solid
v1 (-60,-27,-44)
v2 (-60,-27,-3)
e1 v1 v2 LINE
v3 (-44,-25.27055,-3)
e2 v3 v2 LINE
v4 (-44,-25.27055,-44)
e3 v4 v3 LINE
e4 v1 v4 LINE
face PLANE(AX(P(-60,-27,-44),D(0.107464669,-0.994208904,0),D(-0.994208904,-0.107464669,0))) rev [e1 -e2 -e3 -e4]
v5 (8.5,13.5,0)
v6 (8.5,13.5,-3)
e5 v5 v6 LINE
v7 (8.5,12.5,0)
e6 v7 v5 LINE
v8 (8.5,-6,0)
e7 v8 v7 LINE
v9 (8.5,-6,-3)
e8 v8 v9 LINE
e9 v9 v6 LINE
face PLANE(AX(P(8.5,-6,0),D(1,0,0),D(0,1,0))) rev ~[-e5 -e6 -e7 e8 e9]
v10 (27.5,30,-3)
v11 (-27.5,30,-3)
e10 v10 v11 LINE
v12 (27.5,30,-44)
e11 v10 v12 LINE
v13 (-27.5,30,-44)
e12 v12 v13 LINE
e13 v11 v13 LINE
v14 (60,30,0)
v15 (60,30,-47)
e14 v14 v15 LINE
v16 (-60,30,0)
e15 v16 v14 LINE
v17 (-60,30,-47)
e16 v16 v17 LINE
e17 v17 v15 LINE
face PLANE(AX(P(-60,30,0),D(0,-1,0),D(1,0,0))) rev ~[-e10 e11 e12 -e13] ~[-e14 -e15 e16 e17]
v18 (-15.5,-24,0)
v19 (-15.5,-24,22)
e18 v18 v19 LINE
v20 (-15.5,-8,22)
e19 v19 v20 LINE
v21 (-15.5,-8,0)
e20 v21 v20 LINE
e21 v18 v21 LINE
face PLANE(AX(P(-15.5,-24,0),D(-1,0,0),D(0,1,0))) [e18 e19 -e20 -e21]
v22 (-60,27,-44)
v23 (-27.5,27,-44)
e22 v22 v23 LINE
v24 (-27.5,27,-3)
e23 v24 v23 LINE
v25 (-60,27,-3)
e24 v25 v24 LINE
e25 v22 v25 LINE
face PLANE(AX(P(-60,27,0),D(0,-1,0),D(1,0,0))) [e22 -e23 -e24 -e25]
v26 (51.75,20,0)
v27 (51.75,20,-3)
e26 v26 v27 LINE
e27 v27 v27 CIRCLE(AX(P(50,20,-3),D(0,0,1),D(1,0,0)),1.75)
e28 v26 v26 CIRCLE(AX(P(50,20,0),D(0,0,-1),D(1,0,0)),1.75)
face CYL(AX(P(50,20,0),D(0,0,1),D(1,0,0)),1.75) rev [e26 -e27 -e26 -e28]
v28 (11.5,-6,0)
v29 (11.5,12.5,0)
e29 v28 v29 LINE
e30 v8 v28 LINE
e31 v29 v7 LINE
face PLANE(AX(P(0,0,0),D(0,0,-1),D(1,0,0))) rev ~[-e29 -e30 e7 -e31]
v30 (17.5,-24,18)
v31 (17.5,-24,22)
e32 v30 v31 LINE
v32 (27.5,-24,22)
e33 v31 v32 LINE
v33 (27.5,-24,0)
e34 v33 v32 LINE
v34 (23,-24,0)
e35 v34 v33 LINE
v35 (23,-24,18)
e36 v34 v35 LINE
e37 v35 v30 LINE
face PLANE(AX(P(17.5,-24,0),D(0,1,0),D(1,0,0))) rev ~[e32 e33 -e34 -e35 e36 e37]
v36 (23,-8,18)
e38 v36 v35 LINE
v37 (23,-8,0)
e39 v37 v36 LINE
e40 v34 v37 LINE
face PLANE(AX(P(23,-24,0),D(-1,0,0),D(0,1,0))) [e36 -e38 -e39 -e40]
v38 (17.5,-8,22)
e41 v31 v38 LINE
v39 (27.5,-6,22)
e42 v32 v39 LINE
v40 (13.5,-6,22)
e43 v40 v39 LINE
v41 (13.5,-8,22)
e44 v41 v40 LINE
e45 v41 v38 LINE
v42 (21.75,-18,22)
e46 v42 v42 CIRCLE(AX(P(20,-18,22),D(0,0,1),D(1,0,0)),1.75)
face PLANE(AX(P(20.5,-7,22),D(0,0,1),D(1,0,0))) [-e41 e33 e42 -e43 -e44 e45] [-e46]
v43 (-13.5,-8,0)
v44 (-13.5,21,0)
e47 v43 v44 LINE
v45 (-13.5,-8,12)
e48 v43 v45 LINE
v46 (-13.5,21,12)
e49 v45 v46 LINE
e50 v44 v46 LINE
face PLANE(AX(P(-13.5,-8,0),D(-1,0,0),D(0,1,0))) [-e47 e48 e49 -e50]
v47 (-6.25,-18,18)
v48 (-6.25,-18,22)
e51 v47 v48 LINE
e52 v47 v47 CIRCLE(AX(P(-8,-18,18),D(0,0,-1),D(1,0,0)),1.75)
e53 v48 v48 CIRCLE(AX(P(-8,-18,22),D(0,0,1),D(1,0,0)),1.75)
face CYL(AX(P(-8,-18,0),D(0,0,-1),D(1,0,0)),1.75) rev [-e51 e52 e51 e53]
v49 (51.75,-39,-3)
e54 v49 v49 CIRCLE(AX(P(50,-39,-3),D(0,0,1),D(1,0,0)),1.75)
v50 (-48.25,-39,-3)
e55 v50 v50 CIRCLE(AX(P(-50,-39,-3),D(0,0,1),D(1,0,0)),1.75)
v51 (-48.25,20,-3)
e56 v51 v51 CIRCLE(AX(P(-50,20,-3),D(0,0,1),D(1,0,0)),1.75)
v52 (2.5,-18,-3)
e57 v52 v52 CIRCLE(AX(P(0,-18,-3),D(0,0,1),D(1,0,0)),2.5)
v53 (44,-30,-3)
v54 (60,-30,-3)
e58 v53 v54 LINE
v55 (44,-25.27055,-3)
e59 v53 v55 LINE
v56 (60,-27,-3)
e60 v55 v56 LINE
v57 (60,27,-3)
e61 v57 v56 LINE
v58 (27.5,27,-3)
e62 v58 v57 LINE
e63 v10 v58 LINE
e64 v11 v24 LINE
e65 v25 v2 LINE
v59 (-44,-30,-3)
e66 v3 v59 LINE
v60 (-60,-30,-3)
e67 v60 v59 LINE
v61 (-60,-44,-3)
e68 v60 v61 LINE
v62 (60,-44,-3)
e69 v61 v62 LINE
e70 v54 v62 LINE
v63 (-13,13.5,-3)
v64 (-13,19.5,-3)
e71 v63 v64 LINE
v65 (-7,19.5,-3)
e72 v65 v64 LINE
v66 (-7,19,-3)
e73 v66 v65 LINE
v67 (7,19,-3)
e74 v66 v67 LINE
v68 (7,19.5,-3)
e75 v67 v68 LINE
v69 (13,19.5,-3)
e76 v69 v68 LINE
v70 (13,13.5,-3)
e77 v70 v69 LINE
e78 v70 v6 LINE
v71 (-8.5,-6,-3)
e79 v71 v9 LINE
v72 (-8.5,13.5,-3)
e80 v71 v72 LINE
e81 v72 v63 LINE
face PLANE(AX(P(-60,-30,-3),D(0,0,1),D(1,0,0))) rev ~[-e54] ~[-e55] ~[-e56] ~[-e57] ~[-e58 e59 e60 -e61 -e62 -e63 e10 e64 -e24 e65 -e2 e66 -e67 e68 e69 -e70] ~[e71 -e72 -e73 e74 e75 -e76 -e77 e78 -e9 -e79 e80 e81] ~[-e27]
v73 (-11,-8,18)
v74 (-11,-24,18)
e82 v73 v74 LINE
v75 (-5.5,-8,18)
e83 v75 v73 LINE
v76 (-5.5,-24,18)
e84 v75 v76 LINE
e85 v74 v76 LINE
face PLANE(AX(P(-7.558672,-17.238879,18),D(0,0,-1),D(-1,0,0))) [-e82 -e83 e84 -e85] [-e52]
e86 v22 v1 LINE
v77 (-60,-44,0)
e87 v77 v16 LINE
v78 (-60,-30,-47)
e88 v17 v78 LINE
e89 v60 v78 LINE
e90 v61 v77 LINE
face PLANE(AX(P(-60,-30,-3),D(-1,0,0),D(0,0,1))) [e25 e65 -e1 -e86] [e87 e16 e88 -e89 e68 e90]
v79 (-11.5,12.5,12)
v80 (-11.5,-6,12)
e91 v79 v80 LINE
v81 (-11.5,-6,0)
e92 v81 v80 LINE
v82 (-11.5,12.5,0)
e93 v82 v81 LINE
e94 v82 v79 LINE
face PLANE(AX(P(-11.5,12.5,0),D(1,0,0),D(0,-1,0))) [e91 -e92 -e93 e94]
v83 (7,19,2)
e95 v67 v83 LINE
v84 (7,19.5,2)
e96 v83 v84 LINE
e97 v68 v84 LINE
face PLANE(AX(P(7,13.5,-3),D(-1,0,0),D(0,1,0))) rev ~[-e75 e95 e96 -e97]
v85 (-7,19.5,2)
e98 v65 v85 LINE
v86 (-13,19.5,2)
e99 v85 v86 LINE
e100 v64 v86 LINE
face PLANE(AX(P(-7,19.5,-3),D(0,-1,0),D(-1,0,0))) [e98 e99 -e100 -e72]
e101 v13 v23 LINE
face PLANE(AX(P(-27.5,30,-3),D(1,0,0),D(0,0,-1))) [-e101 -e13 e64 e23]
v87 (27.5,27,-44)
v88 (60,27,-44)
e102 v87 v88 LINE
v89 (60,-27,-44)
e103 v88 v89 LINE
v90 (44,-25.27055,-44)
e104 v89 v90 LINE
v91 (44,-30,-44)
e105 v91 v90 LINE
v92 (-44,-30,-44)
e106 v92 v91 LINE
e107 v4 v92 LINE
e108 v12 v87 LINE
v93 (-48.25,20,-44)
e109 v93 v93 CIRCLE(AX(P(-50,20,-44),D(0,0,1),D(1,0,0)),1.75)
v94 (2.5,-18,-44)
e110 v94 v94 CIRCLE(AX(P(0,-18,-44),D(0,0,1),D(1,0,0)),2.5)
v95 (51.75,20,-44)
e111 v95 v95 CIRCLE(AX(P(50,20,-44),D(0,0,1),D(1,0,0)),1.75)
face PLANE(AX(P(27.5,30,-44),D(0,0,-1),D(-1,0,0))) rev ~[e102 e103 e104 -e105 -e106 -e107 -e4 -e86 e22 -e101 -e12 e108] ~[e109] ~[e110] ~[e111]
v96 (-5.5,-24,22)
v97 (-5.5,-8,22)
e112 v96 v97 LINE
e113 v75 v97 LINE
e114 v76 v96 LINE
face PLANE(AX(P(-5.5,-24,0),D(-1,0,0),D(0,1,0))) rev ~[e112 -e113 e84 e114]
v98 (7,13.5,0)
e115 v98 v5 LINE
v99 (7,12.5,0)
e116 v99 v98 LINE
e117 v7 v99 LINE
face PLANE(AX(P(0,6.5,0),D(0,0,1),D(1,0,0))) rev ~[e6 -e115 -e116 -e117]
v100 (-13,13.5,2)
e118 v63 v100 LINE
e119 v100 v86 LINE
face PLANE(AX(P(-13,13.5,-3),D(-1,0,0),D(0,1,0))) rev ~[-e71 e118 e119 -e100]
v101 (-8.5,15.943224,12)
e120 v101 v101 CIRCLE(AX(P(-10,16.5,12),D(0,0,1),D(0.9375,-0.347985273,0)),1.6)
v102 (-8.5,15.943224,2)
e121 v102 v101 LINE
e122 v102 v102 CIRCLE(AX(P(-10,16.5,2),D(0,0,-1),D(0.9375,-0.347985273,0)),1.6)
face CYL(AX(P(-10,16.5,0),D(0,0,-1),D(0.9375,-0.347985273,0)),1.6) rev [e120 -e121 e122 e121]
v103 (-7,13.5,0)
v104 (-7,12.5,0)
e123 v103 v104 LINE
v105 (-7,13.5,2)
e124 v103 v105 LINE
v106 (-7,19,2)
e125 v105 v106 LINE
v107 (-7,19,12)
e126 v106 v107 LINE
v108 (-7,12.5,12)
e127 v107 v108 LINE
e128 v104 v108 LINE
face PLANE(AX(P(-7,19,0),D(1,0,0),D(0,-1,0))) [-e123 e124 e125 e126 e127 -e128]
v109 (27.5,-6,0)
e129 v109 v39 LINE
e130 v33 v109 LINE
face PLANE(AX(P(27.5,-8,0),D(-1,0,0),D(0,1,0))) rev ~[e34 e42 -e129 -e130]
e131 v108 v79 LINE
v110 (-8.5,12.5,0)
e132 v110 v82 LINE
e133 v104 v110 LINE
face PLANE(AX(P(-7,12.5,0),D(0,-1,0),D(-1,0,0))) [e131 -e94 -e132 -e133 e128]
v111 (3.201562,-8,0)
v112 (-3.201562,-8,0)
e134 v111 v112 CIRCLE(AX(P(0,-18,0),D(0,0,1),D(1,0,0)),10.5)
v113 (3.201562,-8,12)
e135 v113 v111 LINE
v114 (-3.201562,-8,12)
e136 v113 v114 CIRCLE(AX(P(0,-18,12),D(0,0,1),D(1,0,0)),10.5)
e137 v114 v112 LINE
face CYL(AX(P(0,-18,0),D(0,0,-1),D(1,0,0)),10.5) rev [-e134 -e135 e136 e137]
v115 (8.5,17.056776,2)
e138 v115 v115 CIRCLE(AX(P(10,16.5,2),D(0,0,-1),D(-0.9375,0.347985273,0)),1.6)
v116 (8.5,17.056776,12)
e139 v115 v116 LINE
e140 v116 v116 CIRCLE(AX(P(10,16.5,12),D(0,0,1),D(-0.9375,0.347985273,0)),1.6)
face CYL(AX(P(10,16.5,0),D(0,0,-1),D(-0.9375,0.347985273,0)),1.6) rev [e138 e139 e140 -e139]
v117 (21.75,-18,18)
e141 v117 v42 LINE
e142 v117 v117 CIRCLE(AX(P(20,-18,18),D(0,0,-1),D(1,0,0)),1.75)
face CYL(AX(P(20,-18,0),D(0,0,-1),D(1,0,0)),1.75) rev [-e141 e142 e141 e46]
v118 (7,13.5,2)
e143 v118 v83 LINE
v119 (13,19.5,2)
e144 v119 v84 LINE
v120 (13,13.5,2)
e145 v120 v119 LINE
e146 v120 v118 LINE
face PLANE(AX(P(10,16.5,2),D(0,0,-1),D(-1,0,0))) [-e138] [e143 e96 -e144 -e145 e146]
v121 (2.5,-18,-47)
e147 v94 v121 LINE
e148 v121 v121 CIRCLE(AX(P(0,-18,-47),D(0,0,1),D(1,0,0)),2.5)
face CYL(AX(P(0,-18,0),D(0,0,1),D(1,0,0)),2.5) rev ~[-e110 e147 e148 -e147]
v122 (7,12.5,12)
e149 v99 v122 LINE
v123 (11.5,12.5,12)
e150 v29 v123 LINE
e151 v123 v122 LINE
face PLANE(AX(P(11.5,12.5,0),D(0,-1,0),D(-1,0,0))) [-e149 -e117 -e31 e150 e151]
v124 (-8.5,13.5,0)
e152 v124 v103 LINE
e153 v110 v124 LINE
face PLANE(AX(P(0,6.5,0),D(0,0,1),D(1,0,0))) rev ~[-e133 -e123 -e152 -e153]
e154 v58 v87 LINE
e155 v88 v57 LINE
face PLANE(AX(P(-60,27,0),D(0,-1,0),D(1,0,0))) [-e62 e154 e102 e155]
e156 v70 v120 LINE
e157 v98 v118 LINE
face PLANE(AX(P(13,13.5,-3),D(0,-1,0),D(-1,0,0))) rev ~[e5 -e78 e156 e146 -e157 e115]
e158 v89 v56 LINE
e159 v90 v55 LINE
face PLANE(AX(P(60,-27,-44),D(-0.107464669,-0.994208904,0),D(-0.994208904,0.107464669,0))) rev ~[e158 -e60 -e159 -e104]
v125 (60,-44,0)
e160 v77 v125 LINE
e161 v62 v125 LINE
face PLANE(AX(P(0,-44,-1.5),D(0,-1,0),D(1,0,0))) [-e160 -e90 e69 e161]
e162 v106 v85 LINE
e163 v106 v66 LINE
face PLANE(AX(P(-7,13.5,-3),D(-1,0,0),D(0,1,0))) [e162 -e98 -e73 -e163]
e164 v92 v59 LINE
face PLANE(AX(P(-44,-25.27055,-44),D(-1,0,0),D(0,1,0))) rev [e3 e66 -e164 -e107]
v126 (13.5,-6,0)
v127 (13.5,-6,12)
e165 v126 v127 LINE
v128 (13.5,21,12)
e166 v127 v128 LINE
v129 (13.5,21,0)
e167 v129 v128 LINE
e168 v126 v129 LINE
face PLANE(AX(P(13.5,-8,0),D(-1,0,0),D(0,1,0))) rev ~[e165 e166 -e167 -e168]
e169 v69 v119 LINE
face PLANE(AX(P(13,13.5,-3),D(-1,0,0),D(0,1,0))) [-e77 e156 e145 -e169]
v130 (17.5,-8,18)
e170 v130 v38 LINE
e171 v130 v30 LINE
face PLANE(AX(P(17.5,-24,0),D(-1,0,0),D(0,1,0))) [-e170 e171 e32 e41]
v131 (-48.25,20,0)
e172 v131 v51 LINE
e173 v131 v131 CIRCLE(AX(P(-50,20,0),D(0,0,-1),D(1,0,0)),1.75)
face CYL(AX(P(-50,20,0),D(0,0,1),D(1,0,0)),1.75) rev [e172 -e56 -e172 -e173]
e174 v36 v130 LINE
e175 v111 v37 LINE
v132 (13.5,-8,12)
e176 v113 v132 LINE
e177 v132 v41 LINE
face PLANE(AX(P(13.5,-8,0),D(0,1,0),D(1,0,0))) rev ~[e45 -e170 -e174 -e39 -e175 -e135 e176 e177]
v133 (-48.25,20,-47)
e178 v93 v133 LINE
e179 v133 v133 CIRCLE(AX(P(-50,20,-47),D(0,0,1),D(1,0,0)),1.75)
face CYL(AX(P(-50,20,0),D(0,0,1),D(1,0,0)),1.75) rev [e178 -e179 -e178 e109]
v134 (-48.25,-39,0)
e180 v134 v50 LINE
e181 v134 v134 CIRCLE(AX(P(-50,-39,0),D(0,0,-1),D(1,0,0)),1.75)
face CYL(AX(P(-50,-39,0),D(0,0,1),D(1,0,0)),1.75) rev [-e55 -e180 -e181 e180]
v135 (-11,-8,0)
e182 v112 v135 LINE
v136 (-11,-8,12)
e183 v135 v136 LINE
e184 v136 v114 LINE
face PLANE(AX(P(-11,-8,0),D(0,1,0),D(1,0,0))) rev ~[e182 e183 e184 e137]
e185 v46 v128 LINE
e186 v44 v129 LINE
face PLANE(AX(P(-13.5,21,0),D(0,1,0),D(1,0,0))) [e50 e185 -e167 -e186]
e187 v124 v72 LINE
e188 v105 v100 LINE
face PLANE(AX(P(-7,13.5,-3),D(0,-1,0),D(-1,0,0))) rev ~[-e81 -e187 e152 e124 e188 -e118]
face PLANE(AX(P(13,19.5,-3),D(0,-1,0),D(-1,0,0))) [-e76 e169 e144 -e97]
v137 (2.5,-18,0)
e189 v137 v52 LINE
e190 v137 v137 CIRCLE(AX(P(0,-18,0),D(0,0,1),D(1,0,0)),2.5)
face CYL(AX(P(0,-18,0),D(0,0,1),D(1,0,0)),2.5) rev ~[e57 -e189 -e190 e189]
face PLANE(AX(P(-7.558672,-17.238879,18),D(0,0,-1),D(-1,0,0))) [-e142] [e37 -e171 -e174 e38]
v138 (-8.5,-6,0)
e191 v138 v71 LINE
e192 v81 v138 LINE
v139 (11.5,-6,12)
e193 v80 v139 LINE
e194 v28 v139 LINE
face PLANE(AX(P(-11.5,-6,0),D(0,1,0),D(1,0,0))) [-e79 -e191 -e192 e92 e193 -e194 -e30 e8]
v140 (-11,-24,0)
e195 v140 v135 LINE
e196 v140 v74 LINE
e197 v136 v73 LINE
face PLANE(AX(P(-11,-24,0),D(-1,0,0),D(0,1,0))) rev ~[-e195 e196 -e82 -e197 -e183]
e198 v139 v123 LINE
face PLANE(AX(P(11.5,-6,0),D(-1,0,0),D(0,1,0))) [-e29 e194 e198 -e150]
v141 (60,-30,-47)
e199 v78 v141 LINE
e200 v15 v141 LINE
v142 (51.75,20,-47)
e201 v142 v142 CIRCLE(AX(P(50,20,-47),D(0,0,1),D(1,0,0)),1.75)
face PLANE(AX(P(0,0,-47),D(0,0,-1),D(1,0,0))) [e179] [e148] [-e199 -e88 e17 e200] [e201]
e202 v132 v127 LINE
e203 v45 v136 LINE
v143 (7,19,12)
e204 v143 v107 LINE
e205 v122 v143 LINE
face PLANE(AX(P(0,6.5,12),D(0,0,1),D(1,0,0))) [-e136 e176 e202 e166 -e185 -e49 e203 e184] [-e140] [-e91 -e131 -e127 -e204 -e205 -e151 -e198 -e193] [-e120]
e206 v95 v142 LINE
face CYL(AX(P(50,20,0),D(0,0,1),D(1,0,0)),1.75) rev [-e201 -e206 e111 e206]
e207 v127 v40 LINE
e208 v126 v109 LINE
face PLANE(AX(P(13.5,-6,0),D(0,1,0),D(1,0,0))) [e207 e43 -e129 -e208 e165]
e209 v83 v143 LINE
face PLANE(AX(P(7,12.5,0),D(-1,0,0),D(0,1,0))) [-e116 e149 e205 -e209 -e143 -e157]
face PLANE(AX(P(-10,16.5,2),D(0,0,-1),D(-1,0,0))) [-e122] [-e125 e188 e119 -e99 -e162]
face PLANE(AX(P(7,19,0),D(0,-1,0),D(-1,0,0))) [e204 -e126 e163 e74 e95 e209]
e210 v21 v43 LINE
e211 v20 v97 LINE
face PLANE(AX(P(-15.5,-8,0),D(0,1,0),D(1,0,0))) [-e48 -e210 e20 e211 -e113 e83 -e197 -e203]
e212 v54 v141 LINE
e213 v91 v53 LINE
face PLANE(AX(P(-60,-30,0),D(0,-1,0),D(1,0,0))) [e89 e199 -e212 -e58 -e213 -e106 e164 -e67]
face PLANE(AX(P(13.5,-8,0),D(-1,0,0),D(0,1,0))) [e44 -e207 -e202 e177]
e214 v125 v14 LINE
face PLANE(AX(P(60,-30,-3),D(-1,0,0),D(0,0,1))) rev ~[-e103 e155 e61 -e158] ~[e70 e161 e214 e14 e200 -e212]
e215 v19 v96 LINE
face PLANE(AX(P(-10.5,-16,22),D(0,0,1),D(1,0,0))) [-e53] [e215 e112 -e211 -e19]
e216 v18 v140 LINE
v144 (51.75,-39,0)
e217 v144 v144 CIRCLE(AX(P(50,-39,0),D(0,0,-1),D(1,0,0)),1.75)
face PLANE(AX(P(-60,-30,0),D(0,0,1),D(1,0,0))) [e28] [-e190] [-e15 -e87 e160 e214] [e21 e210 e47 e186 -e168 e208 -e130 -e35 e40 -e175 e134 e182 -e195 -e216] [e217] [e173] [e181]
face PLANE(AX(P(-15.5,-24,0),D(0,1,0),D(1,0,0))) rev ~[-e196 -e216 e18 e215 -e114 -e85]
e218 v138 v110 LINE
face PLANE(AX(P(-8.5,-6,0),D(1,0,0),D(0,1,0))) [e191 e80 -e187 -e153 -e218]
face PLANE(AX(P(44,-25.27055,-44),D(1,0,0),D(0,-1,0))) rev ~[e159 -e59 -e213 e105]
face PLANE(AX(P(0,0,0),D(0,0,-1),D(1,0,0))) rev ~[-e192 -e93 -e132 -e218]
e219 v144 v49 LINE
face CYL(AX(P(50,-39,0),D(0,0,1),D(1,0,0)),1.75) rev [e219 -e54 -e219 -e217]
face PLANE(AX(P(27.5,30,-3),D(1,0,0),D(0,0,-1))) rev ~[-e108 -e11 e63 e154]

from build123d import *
from build123d.topology import SkipClean

# Parameters (mm, degrees)
SKETCH_1_W           = 120
SKETCH_1_H           = 60
EXTRUDE_1_DEPTH      = 47
SHELL_2_T            = -3
SKETCH_2_W           = 55
SKETCH_2_H           = 41
CUT_EXTRUDE_1_DEPTH  = 3
SKETCH_5_W           = 88
SKETCH_5_H           = 41
CUT_EXTRUDE_3_DEPTH  = 10
SKETCH_6_R           = 2.5
CUT_EXTRUDE_4_DEPTH  = 82.908485519
EXTRUDE_4_REACH      = 82.225
CUT_EXTRUDE_5_REACH  = 83.908
SKETCH_9_W           = 17
SKETCH_9_H           = 25
SKETCH_10_W          = 27
SKETCH_10_H          = 29
SKETCH_10_R          = 1.6
EXTRUDE_5_DEPTH      = 12
SKETCH_14_W          = 10
SKETCH_14_H          = 16
SKETCH_14_R          = 1.75
EXTRUDE_7_DEPTH      = 22
SKETCH_15_R          = 10.5
CUT_EXTRUDE_7_DEPTH  = 12
CUT_EXTRUDE_8_DEPTH  = 6
CUT_EXTRUDE_9_REACH  = 83.908
SKETCH_19_W          = 34
SKETCH_19_H          = 16
SKETCH_16_W          = 14
SKETCH_16_H          = 2
EXTRUDE_8_DEPTH      = 22
SKETCH_20_W          = 6
SKETCH_20_H          = 6
CUT_EXTRUDE_10_DEPTH = 5
SKETCH_21_W          = 120
SKETCH_21_H          = 3
EXTRUDE_9_DEPTH      = 14
SKETCH_11_R          = 1.75
CUT_EXTRUDE_6_DEPTH  = 89.005681635


with BuildPart() as part:
    # 草图1 → 凸台-拉伸1 (new body)
    with BuildSketch(Plane(origin=(0, 0, 0), x_dir=(1, 0, 0), z_dir=(0, 0, -1))):
        Rectangle(SKETCH_1_W, SKETCH_1_H)
    extrude(amount=EXTRUDE_1_DEPTH)

    # 抽壳2
    shell_2_openings = [part.faces().sort_by_distance(p)[0] for p in [
        (60, 0, -23.5),
        (-60, 0, -23.5),
    ]]
    offset(amount=SHELL_2_T, openings=shell_2_openings, kind=Kind.INTERSECTION)

    # 草图2 → 切除-拉伸1 (cut)
    with BuildSketch(Plane(origin=(0, 30, 45), x_dir=(-1, 0, 0), z_dir=(0, -1, 0))):
        with Locations((0, 68.5)):
            Rectangle(SKETCH_2_W, SKETCH_2_H)
    extrude(amount=CUT_EXTRUDE_1_DEPTH, mode=Mode.SUBTRACT)

    # 草图5 → 切除-拉伸3 (cut)
    with BuildSketch(Plane.XZ.offset(30)):
        with Locations((0, -23.5)):
            Rectangle(SKETCH_5_W, SKETCH_5_H)
    extrude(amount=-CUT_EXTRUDE_3_DEPTH, mode=Mode.SUBTRACT)

    # 草图6 → 切除-拉伸4 (cut, through all)
    with BuildSketch(Plane.XY):
        with Locations((0, -18)):
            Circle(SKETCH_6_R)
    extrude(amount=-CUT_EXTRUDE_4_DEPTH, mode=Mode.SUBTRACT)

    # 草图8 → 凸台-拉伸4 (add, up to next)
    with BuildSketch(Plane(origin=(0, 0, -44), x_dir=(-1, 0, 0), z_dir=(0, 0, -1)), mode=Mode.PRIVATE) as extrude_4_sk1:
        Polygon((-60, -27), (-44, -25.270549885), (-44, -30), (-60, -30), align=None)
    extrude_4_tool1 = extrude(extrude_4_sk1.sketch, amount=-EXTRUDE_4_REACH, mode=Mode.PRIVATE) - part.part
    extrude_4 = extrude_4_tool1.solids().sort_by_distance((51.403338, -28.035391, -44))[0]
    add(extrude_4)

    # 镜向1: 凸台-拉伸4 across plane
    add(extrude_4.mirror(Plane(origin=(0, 0, 0), x_dir=(0, 0, 1), z_dir=(1, 0, 0))))

    # 草图9 → 切除-拉伸5 (cut, up to next)
    with BuildSketch(Plane.XY, mode=Mode.PRIVATE) as cut_extrude_5_sk1:
        with Locations((0, 6.5)):
            Rectangle(SKETCH_9_W, SKETCH_9_H)
    cut_extrude_5_tool1 = extrude(cut_extrude_5_sk1.sketch, amount=-CUT_EXTRUDE_5_REACH, mode=Mode.PRIVATE) & part.part
    add(cut_extrude_5_tool1.solids().sort_by_distance((0, 6.5, 0))[0], mode=Mode.SUBTRACT)

    # 草图10 → 凸台-拉伸5 (add)
    with BuildSketch(Plane.XY):
        with Locations((0, 6.5)):
            Rectangle(SKETCH_10_W, SKETCH_10_H)
        with Locations(Location((-10, 16.5, 0), (0, 0, 339.635865194))):
            Circle(SKETCH_10_R, mode=Mode.SUBTRACT)
        with Locations(Location((10, 16.5, 0), (0, 0, 159.635865194))):
            Circle(SKETCH_10_R, mode=Mode.SUBTRACT)
        Polygon((-11.5, -6), (11.5, -6), (11.5, 12.5), (7, 12.5), (7, 19), (-7, 19), (-7, 12.5), (-11.5, 12.5), align=None, mode=Mode.SUBTRACT)
    extrude(amount=EXTRUDE_5_DEPTH)

    # 草图14 → 凸台-拉伸7 (add)
    # profile 1 of 2: a face of its own
    with BuildSketch(Plane.XY):
        with Locations((-10.5, -16)):
            Rectangle(SKETCH_14_W, SKETCH_14_H)
        with Locations((-8, -18)):
            Circle(SKETCH_14_R, mode=Mode.SUBTRACT)
    # profile 2 of 2: a face of its own
    with BuildSketch(Plane.XY):
        with Locations((22.5, -16)):
            Rectangle(SKETCH_14_W, SKETCH_14_H)
        with Locations((20, -18)):
            Circle(SKETCH_14_R, mode=Mode.SUBTRACT)
    extrude(amount=EXTRUDE_7_DEPTH)

    # 草图15 → 切除-拉伸7 (cut)
    with BuildSketch(Plane.XY):
        with Locations((0, -18)):
            Circle(SKETCH_15_R)
    extrude(amount=CUT_EXTRUDE_7_DEPTH, mode=Mode.SUBTRACT)

    # 草图17 → 切除-拉伸8 (cut)
    with SkipClean():  # the faces are left unmerged after this step: merging them gives an invalid solid
        with BuildSketch(Plane(origin=(0, 0, 12), x_dir=(-1, 0, 0), z_dir=(0, 0, -1))):
            with BuildLine():
                Line((5.5, -9.05572809), (5.5, -24))
                Line((5.5, -24), (8.61684397, -24))
                ThreePointArc((8.61684397, -24), (10.278819808, -15.856203519), (5.5, -9.05572809))
            make_face()
        extrude(amount=-CUT_EXTRUDE_8_DEPTH, mode=Mode.SUBTRACT)

    # 切除-拉伸9: up to this face of the body (flat: up to its plane)
    cut_extrude_9_end = Plane(part.part.faces().sort_by_distance((-5.657585298, -16.527864045, 18))[0])
    # 草图19 → 切除-拉伸9 (cut, up to the picked face)
    with BuildSketch(Plane.XY, mode=Mode.PRIVATE) as cut_extrude_9_sk1:
        with Locations((6, -16)):
            Rectangle(SKETCH_19_W, SKETCH_19_H)
    cut_extrude_9_tool1 = split(extrude(cut_extrude_9_sk1.sketch, amount=CUT_EXTRUDE_9_REACH, mode=Mode.PRIVATE), bisect_by=cut_extrude_9_end, keep=Keep.BOTH, mode=Mode.PRIVATE)
    add(cut_extrude_9_tool1.solids().sort_by(Axis((6, -16, 0), (0, 0, 1)))[0], mode=Mode.SUBTRACT)

    # 草图16 → 凸台-拉伸8 (add)
    with BuildSketch(Plane.XY):
        with Locations((20.5, -7)):
            Rectangle(SKETCH_16_W, SKETCH_16_H)
    extrude(amount=EXTRUDE_8_DEPTH)

    # 草图20 → 切除-拉伸10 (cut)
    with BuildSketch(Plane(origin=(0, 0, -3), x_dir=(-1, 0, 0), z_dir=(0, 0, -1))):
        with Locations((-10, 16.5)):
            Rectangle(SKETCH_20_W, SKETCH_20_H)
        with Locations((10, 16.5)):
            Rectangle(SKETCH_20_W, SKETCH_20_H)
    extrude(amount=-CUT_EXTRUDE_10_DEPTH, mode=Mode.SUBTRACT)

    # 草图21 → 凸台-拉伸9 (add)
    with BuildSketch(Plane.XZ.offset(30)):
        with Locations((0, -1.5)):
            Rectangle(SKETCH_21_W, SKETCH_21_H)
    extrude(amount=EXTRUDE_9_DEPTH)

    # 草图11 → 切除-拉伸6 (cut, through all)
    with BuildSketch(Plane(origin=(0, 0, 0), x_dir=(-1, 0, 0), z_dir=(0, 0, -1))):
        with Locations(Location((-50, 20, 0), (0, 0, 180))):
            Circle(SKETCH_11_R)
        with Locations(Location((50, 20, 0), (0, 0, 180))):
            Circle(SKETCH_11_R)
        with Locations(Location((-50, -39, 0), (0, 0, 180))):
            Circle(SKETCH_11_R)
        with Locations(Location((50, -39, 0), (0, 0, 180))):
            Circle(SKETCH_11_R)
    extrude(amount=CUT_EXTRUDE_6_DEPTH, mode=Mode.SUBTRACT)


solid = part.part
